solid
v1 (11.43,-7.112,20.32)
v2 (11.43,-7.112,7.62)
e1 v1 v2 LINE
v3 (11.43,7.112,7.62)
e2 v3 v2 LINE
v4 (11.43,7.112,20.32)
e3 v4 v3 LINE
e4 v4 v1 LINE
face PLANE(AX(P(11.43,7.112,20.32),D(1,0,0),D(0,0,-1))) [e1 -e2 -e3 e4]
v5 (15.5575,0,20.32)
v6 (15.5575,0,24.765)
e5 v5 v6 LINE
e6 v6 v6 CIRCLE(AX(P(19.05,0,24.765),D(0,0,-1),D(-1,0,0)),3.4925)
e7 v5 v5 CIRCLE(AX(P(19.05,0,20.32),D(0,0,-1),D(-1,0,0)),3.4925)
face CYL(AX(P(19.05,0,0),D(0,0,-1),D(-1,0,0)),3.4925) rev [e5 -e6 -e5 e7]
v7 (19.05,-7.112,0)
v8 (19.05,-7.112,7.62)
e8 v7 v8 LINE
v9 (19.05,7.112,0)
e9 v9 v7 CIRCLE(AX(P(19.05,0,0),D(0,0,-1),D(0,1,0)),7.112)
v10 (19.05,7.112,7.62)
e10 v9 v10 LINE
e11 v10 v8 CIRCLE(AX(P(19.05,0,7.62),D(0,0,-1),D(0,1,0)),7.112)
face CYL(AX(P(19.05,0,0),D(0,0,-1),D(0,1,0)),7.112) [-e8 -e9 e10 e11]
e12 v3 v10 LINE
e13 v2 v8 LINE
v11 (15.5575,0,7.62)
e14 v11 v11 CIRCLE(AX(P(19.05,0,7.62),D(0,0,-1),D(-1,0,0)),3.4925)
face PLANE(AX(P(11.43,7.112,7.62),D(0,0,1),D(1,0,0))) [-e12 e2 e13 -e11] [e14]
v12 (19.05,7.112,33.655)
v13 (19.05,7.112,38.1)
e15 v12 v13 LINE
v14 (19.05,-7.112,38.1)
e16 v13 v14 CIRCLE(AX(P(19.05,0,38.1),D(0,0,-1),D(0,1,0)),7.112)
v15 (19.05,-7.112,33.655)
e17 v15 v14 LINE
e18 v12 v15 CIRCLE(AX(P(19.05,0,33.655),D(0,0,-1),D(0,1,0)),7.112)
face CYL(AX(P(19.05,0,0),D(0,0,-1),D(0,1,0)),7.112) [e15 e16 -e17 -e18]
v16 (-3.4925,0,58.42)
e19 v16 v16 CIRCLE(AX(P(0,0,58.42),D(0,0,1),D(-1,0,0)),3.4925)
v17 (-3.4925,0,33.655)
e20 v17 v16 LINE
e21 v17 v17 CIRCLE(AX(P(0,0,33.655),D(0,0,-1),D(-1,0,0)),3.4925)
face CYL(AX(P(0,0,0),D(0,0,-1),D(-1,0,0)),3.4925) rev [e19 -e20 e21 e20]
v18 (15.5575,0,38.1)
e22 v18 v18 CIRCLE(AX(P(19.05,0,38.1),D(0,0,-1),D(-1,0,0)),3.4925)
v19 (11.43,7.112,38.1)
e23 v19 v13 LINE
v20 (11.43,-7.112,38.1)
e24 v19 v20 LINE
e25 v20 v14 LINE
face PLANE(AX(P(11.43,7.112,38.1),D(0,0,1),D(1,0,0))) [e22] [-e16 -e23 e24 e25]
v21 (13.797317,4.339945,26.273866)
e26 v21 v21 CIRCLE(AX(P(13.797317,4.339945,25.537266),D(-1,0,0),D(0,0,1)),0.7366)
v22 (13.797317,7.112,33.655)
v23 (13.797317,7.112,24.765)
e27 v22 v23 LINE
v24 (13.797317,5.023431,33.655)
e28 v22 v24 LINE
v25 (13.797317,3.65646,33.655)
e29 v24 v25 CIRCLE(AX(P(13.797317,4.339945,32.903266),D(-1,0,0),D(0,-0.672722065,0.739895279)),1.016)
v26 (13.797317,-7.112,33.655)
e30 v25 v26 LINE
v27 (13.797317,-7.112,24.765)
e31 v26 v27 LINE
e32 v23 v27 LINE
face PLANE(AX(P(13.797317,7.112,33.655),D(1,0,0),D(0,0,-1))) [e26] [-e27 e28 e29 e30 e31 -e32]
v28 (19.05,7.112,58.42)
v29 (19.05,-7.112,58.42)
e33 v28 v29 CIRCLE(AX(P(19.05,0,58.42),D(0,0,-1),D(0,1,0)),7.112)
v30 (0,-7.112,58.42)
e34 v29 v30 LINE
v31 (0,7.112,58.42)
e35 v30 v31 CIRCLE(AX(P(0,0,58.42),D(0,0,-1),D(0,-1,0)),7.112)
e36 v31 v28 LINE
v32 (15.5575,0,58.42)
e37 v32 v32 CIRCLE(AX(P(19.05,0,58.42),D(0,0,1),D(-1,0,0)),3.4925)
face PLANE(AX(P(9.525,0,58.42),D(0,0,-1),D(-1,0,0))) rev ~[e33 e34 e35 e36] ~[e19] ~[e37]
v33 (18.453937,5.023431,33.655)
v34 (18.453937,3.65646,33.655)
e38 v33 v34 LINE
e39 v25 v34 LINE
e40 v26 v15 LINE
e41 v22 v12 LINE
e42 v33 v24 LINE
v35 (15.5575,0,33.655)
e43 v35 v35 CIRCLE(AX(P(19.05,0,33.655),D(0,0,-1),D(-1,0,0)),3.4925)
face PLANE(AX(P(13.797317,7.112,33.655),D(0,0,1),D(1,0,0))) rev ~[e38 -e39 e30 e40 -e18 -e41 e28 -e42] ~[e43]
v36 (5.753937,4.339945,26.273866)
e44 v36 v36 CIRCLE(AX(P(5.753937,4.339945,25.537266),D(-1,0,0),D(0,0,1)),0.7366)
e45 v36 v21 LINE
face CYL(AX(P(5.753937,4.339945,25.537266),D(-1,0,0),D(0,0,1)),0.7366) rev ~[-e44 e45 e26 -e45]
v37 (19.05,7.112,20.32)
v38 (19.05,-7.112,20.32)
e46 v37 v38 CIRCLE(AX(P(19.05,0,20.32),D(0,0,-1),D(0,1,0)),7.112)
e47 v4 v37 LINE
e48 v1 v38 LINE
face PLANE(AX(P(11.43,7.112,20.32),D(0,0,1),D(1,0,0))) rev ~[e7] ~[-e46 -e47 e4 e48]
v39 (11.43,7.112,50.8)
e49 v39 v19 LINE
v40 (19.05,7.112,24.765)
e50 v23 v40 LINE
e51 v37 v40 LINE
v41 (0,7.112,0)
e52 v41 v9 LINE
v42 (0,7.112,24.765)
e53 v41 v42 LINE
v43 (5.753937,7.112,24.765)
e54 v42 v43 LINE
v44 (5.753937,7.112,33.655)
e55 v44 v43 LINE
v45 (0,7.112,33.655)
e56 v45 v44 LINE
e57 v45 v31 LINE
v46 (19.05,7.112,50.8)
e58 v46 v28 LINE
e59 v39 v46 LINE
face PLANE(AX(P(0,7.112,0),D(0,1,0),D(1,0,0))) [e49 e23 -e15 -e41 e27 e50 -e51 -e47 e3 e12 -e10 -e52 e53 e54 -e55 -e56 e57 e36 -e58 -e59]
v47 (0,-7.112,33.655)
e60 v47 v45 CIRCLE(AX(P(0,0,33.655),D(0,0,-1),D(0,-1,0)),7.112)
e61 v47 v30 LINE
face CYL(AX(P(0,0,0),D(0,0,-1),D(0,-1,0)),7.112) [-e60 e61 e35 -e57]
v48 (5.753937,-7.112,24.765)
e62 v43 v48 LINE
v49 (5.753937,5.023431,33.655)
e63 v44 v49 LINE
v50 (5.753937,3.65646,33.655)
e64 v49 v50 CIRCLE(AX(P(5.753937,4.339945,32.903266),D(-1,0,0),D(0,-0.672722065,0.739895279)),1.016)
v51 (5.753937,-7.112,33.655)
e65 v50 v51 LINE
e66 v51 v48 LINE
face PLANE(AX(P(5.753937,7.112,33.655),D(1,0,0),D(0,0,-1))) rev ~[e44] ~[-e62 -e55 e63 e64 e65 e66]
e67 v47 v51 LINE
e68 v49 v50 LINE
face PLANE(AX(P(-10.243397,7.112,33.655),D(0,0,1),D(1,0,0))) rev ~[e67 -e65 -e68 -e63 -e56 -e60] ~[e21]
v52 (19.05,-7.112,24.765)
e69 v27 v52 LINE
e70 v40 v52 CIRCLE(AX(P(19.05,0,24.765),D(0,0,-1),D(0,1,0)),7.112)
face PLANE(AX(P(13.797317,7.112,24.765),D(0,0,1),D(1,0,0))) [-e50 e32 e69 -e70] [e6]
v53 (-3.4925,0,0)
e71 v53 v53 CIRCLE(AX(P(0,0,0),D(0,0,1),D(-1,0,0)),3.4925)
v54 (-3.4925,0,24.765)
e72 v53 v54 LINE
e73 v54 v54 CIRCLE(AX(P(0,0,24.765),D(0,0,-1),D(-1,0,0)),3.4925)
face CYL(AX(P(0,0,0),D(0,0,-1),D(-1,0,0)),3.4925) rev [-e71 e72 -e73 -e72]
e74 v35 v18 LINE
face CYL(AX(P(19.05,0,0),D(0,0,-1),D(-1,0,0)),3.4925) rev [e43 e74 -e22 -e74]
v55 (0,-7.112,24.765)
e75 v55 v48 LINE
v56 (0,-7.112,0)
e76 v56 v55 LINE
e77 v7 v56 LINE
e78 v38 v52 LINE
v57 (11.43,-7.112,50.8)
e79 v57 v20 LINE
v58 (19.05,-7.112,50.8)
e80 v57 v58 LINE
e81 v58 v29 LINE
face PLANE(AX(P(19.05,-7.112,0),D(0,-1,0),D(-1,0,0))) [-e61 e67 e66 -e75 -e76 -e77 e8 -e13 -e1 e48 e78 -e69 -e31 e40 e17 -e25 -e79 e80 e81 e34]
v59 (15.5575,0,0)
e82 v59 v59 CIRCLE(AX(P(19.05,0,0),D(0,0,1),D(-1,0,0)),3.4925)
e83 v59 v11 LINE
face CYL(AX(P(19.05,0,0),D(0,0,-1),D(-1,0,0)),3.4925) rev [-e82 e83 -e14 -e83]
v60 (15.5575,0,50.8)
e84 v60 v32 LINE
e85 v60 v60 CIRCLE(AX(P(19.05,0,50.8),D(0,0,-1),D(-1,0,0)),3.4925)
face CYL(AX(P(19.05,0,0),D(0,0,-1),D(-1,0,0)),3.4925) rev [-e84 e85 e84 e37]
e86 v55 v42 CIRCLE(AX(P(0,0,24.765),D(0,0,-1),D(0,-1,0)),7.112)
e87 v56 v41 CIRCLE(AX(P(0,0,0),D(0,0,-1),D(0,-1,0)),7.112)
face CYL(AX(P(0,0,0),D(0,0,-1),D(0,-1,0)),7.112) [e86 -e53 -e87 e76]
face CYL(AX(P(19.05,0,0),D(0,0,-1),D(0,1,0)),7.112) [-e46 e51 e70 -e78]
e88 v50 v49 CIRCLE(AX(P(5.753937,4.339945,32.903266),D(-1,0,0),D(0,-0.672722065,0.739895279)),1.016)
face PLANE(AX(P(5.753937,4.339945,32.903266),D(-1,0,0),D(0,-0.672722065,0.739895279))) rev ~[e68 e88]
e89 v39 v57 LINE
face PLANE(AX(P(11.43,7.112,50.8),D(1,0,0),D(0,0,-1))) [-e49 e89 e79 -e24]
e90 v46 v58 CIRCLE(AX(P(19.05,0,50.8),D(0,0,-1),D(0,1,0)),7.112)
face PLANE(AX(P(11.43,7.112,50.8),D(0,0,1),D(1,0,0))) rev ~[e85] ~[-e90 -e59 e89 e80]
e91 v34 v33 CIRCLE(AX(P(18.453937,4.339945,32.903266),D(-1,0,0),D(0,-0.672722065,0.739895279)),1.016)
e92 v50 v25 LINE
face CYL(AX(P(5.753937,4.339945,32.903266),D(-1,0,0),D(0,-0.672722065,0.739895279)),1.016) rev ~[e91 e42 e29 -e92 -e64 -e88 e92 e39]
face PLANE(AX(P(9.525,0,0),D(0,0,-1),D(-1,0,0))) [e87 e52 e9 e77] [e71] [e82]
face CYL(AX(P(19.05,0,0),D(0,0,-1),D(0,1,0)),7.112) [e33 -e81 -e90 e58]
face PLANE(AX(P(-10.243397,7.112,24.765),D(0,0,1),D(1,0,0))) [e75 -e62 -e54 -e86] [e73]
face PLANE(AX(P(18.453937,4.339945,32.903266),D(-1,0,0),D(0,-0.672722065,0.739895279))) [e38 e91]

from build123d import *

# Parameters (mm, degrees)
SKETCH1_R           = 3.4925
BOSS_EXTRUDE1_DEPTH = 58.42
SKETCH2_W           = 21.884407041
SKETCH2_H           = 12.7
SKETCH2_W_2         = 26.524954362
SKETCH2_W_3         = 12.7
SKETCH2_H_2         = 8.89
CUT_EXTRUDE1_DEPTH  = 14.224
SKETCH4_W           = 15.997333927
SKETCH4_H           = 8.89
CUT_EXTRUDE2_DEPTH  = 14.224
SKETCH5_R           = 0.7366
SKETCH5_R_2         = 1.016
CUT_EXTRUDE3_DEPTH  = 12.7


with BuildPart() as part:
    # Sketch1 → Boss-Extrude1 (new body)
    with BuildSketch(Plane.XY):
        with BuildLine():
            Line((0, 7.112), (19.05, 7.112))
            ThreePointArc((19.05, 7.112), (26.162, 0), (19.05, -7.112))
            Line((19.05, -7.112), (0, -7.112))
            ThreePointArc((0, -7.112), (-7.112, 0), (0, 7.112))
        make_face()
        with Locations(Location((0, 0, 0), (0, 0, 180))):
            Circle(SKETCH1_R, mode=Mode.SUBTRACT)
        with Locations(Location((19.05, 0, 0), (0, 0, 180))):
            Circle(SKETCH1_R, mode=Mode.SUBTRACT)
    extrude(amount=BOSS_EXTRUDE1_DEPTH)

    # Sketch2 → Cut-Extrude1 (cut)
    with BuildSketch(Plane(origin=(0, 7.112, 0), x_dir=(1, 0, 0), z_dir=(0, 1, 0))):
        with Locations((22.372203521, -13.97)):
            Rectangle(SKETCH2_W, SKETCH2_H)
        with Locations((24.692477181, -44.45)):
            Rectangle(SKETCH2_W_2, SKETCH2_H)
        with Locations((20.147317334, -29.21)):
            Rectangle(SKETCH2_W_3, SKETCH2_H_2)
    extrude(amount=-CUT_EXTRUDE1_DEPTH, mode=Mode.SUBTRACT)

    # Sketch4 → Cut-Extrude2 (cut)
    with BuildSketch(Plane(origin=(0, 7.112, 0), x_dir=(1, 0, 0), z_dir=(0, 1, 0))):
        with Locations((-2.244730027, -29.21)):
            Rectangle(SKETCH4_W, SKETCH4_H)
    extrude(amount=-CUT_EXTRUDE2_DEPTH, mode=Mode.SUBTRACT)

    # Sketch5 → Cut-Extrude3 (cut)
    with BuildSketch(Plane.ZY.offset(-5.753936937)):
        with Locations((25.537266397, 4.339945309)):
            Circle(SKETCH5_R)
        with Locations(Location((32.903266397, 4.339945309, 0), (0, 0, 317.722495694))):
            Circle(SKETCH5_R_2)
    extrude(amount=-CUT_EXTRUDE3_DEPTH, mode=Mode.SUBTRACT)


solid = part.part
